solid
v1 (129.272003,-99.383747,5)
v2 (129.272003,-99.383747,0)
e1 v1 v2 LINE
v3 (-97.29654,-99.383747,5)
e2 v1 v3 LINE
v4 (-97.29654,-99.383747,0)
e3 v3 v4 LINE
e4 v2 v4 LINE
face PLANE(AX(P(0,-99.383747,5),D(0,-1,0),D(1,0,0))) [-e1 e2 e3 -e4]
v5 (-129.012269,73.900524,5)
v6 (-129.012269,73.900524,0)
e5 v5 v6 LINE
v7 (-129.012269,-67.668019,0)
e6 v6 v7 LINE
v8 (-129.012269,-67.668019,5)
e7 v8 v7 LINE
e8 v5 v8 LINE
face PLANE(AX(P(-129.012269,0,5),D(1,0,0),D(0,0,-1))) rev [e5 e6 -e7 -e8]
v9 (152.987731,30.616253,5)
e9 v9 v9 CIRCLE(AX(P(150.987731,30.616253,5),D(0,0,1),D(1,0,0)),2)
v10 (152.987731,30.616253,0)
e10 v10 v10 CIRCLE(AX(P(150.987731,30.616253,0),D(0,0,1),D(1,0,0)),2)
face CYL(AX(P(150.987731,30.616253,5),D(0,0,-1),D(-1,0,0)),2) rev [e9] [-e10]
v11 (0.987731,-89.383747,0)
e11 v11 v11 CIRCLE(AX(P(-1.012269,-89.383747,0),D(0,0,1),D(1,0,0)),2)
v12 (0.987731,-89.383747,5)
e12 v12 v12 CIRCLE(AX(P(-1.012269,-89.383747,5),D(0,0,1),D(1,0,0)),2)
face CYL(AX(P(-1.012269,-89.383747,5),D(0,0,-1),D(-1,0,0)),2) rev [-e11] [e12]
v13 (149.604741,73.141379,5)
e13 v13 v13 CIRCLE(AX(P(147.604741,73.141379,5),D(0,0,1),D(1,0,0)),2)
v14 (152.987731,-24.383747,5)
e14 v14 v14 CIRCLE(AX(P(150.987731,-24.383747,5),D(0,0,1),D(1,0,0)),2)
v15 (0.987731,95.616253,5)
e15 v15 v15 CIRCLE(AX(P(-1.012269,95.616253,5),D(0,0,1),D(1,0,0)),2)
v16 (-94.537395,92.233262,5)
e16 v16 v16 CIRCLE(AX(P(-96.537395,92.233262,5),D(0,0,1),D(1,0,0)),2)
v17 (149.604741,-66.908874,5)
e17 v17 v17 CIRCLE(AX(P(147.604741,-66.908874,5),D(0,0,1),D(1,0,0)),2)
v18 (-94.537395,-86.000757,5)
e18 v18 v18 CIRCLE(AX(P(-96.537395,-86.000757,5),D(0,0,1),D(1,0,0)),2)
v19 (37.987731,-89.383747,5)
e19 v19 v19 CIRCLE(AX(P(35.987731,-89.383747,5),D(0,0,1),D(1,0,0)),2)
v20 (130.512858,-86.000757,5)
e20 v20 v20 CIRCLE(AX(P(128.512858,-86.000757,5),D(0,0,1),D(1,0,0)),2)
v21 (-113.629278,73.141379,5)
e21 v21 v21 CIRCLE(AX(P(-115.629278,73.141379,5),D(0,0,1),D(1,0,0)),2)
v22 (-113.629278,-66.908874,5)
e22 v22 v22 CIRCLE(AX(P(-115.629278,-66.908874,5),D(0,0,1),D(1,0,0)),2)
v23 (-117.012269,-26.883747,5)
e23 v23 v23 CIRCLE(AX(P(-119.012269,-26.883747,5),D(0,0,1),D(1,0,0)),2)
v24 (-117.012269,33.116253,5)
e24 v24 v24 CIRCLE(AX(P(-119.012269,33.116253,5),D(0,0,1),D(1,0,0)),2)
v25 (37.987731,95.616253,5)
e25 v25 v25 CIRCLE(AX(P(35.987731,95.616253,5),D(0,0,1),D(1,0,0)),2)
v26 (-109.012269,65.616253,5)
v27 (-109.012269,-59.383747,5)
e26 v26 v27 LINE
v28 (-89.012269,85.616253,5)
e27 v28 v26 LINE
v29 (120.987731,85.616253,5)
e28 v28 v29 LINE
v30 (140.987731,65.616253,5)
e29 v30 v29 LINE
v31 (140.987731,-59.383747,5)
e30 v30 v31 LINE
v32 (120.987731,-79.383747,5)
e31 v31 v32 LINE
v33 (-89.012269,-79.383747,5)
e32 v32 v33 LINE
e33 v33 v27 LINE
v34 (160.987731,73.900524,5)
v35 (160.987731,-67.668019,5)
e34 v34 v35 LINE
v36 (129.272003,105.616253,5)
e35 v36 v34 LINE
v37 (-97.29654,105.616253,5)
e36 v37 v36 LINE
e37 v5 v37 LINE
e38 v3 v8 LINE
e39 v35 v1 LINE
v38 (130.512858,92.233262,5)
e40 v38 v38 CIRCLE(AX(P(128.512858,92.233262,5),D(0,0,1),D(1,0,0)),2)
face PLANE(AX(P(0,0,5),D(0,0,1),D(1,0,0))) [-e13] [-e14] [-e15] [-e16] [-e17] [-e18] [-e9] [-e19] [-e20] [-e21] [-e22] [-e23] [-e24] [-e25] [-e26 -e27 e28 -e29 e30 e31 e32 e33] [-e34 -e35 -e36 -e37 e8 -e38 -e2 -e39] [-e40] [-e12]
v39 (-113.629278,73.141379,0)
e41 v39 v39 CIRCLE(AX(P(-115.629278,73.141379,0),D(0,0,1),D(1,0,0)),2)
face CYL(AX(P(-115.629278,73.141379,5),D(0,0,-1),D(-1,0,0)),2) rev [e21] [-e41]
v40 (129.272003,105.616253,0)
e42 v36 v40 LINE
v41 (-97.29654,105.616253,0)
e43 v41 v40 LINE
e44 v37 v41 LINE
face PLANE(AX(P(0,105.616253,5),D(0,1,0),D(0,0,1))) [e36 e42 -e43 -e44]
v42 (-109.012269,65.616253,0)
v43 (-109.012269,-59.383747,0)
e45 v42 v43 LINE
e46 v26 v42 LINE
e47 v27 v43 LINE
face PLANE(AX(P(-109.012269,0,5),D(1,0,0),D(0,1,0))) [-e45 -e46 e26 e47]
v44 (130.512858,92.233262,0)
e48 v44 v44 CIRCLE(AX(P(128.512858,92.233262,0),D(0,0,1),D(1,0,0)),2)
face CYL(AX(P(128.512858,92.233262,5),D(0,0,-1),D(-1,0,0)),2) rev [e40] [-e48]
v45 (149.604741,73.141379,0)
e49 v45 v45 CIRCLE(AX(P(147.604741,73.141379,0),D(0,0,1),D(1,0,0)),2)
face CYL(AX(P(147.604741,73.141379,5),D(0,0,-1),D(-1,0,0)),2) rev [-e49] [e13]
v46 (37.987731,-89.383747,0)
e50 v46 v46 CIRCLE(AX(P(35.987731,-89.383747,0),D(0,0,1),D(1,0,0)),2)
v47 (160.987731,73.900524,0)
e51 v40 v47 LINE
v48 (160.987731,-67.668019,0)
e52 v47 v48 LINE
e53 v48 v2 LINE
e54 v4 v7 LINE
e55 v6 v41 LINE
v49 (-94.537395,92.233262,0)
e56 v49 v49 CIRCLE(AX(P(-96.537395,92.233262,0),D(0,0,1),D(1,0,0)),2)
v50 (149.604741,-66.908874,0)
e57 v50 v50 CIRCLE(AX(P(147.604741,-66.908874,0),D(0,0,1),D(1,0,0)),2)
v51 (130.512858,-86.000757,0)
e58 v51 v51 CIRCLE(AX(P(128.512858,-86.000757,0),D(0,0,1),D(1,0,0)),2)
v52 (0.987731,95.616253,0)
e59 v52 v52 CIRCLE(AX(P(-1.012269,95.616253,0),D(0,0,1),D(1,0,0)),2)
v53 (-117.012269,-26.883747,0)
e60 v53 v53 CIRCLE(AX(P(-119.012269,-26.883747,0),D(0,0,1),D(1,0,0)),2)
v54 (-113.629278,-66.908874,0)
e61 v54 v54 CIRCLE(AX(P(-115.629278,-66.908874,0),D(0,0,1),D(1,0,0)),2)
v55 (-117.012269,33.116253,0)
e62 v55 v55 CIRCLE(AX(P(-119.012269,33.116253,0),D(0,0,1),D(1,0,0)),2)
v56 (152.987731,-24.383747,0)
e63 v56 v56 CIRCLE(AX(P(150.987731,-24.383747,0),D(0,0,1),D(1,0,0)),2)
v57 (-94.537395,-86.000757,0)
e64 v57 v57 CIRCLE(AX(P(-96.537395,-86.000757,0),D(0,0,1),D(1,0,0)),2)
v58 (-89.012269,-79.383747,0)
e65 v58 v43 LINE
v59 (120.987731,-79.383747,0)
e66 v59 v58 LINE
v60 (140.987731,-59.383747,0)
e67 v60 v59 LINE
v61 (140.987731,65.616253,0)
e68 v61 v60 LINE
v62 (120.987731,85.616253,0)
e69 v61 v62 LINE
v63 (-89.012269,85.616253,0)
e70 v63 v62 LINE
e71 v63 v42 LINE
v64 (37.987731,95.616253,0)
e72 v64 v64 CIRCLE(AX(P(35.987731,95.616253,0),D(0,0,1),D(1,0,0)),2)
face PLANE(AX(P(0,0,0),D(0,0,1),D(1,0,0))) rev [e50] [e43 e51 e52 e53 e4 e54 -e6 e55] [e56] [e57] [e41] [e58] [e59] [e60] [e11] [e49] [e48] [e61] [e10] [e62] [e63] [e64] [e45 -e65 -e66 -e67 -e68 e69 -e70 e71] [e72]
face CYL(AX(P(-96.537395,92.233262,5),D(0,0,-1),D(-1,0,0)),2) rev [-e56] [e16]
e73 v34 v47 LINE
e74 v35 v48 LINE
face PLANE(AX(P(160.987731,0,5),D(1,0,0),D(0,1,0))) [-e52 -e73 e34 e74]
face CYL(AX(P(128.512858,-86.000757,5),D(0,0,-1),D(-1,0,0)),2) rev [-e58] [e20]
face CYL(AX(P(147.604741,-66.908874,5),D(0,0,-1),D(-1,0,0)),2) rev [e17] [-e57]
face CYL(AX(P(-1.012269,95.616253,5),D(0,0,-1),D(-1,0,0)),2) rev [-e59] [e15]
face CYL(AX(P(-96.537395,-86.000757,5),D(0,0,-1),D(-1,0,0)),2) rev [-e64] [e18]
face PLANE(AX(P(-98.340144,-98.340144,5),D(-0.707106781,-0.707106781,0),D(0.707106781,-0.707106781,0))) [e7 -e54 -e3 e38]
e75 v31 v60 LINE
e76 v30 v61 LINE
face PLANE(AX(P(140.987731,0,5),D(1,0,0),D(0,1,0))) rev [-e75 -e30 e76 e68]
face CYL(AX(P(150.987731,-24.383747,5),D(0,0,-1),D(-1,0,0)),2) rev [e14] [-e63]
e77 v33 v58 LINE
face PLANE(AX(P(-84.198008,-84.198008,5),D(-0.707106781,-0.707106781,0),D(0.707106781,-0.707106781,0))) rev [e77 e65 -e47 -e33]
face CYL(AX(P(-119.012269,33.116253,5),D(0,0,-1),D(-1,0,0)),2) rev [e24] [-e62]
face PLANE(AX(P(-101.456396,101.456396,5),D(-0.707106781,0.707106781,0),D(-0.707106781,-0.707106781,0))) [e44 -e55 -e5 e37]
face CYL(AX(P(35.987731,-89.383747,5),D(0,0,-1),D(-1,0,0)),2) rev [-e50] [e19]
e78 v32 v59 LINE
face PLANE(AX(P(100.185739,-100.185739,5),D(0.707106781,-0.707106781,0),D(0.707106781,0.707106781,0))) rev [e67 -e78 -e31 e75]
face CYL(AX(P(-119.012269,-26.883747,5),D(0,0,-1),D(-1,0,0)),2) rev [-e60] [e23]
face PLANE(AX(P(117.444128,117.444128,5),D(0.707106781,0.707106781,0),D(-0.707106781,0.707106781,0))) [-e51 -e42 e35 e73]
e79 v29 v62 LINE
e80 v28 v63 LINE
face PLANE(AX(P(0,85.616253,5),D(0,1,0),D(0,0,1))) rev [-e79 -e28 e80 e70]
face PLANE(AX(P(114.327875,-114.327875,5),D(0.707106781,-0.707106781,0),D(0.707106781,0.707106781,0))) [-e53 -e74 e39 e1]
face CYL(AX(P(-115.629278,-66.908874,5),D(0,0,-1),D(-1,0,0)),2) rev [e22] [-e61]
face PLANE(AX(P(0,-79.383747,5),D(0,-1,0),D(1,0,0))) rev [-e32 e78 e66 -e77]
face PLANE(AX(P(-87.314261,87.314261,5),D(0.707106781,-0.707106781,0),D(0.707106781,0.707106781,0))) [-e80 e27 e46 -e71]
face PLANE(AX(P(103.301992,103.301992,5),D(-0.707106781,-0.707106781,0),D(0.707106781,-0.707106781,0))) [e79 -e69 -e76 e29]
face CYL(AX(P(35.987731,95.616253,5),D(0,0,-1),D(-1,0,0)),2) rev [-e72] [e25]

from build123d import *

# Parameters (mm, degrees)
SKETCH1_W           = 20
SKETCH1_H           = 80
SKETCH1_R           = 2
SKETCH1_W_2         = 27
SKETCH1_H_2         = 20
SKETCH1_W_3         = 30
SKETCH1_H_3         = 70
SKETCH1_W_4         = 57
BOSS_EXTRUDE1_DEPTH = 5


with BuildPart() as part:
    # Sketch1 → Boss-Extrude1 (new body)
    with BuildSketch(Plane.XY):
        Polygon((-113.154404335, -55.241611667), (-109.012268711, -59.383747291), (-109.012268711, -36.883747291), (-129.012268711, -36.883747291), (-129.012268711, -67.668018539), (-127.296539959, -69.383747291), align=None)
        with Locations((-119.012268711, 3.116252709)):
            Rectangle(SKETCH1_W, SKETCH1_H)
        with Locations((-119.012268711, -26.883747291)):
            Circle(SKETCH1_R, mode=Mode.SUBTRACT)
        with Locations((-119.012268711, 33.116252709)):
            Circle(SKETCH1_R, mode=Mode.SUBTRACT)
        Polygon((-113.154404335, -83.525882915), (-99.012268711, -69.383747291), (-109.012268711, -59.383747291), (-113.154404335, -55.241611667), (-127.296539959, -69.383747291), align=None)
        with Locations((-115.629278069, -66.908873557)):
            Circle(SKETCH1_R, mode=Mode.SUBTRACT)
        Polygon((-84.870133088, -83.525882915), (-89.012268711, -79.383747291), (-99.012268711, -69.383747291), (-113.154404335, -83.525882915), (-99.012268711, -97.668018539), align=None)
        with Locations((-96.537394977, -86.000756649)):
            Circle(SKETCH1_R, mode=Mode.SUBTRACT)
        Polygon((-11.012268711, -79.383747291), (-89.012268711, -79.383747291), (-84.870133088, -83.525882915), (-99.012268711, -97.668018539), (-97.296539959, -99.383747291), (-11.012268711, -99.383747291), align=None)
        with Locations((2.487731289, -89.383747291)):
            Rectangle(SKETCH1_W_2, SKETCH1_H_2)
        with Locations((-1.012268711, -89.383747291)):
            Circle(SKETCH1_R, mode=Mode.SUBTRACT)
        with Locations((30.987731289, -89.383747291)):
            Rectangle(SKETCH1_W_3, SKETCH1_H_2)
        with Locations((35.987731289, -89.383747291)):
            Circle(SKETCH1_R, mode=Mode.SUBTRACT)
        Polygon((116.845595665, -83.525882915), (120.987731289, -79.383747291), (45.987731289, -79.383747291), (45.987731289, -99.383747291), (129.272002536, -99.383747291), (130.987731289, -97.668018539), align=None)
        Polygon((130.987731289, -69.383747291), (120.987731289, -79.383747291), (116.845595665, -83.525882915), (130.987731289, -97.668018539), (145.129866912, -83.525882915), align=None)
        with Locations((128.512857554, -86.000756649)):
            Circle(SKETCH1_R, mode=Mode.SUBTRACT)
        Polygon((140.987731289, -59.383747291), (130.987731289, -69.383747291), (145.129866912, -83.525882915), (159.272002536, -69.383747291), (145.129866912, -55.241611667), align=None)
        with Locations((147.604740646, -66.908873557)):
            Circle(SKETCH1_R, mode=Mode.SUBTRACT)
        Polygon((140.987731289, -31.883747291), (140.987731289, -59.383747291), (145.129866912, -55.241611667), (159.272002536, -69.383747291), (160.987731289, -67.668018539), (160.987731289, -31.883747291), align=None)
        with Locations((150.987731289, 3.116252709)):
            Rectangle(SKETCH1_W, SKETCH1_H_3)
        with Locations((150.987731289, -24.383747291)):
            Circle(SKETCH1_R, mode=Mode.SUBTRACT)
        with Locations((150.987731289, 30.616252709)):
            Circle(SKETCH1_R, mode=Mode.SUBTRACT)
        Polygon((145.129866912, 61.474117085), (140.987731289, 65.616252709), (140.987731289, 38.116252709), (160.987731289, 38.116252709), (160.987731289, 73.900523956), (159.272002536, 75.616252709), align=None)
        Polygon((145.129866912, 89.758388333), (130.987731289, 75.616252709), (140.987731289, 65.616252709), (145.129866912, 61.474117085), (159.272002536, 75.616252709), align=None)
        with Locations((147.604740646, 73.141378975)):
            Circle(SKETCH1_R, mode=Mode.SUBTRACT)
        Polygon((116.845595665, 89.758388333), (120.987731289, 85.616252709), (130.987731289, 75.616252709), (145.129866912, 89.758388333), (130.987731289, 103.900523956), align=None)
        with Locations((128.512857554, 92.233262067)):
            Circle(SKETCH1_R, mode=Mode.SUBTRACT)
        Polygon((45.987731289, 105.616252709), (45.987731289, 85.616252709), (120.987731289, 85.616252709), (116.845595665, 89.758388333), (130.987731289, 103.900523956), (129.272002536, 105.616252709), align=None)
        with Locations((17.487731289, 95.616252709)):
            Rectangle(SKETCH1_W_4, SKETCH1_H_2)
        with Locations((-1.012268711, 95.616252709)):
            Circle(SKETCH1_R, mode=Mode.SUBTRACT)
        with Locations((35.987731289, 95.616252709)):
            Circle(SKETCH1_R, mode=Mode.SUBTRACT)
        Polygon((-84.870133088, 89.758388333), (-89.012268711, 85.616252709), (-11.012268711, 85.616252709), (-11.012268711, 105.616252709), (-97.296539959, 105.616252709), (-99.012268711, 103.900523956), align=None)
        Polygon((-99.012268711, 75.616252709), (-89.012268711, 85.616252709), (-84.870133088, 89.758388333), (-99.012268711, 103.900523956), (-113.154404335, 89.758388333), align=None)
        with Locations((-96.537394977, 92.233262067)):
            Circle(SKETCH1_R, mode=Mode.SUBTRACT)
        Polygon((-109.012268711, 65.616252709), (-99.012268711, 75.616252709), (-113.154404335, 89.758388333), (-127.296539959, 75.616252709), (-113.154404335, 61.474117085), align=None)
        with Locations((-115.629278069, 73.141378975)):
            Circle(SKETCH1_R, mode=Mode.SUBTRACT)
        Polygon((-109.012268711, 43.116252709), (-109.012268711, 65.616252709), (-113.154404335, 61.474117085), (-127.296539959, 75.616252709), (-129.012268711, 73.900523956), (-129.012268711, 43.116252709), align=None)
    extrude(amount=BOSS_EXTRUDE1_DEPTH)


solid = part.part
